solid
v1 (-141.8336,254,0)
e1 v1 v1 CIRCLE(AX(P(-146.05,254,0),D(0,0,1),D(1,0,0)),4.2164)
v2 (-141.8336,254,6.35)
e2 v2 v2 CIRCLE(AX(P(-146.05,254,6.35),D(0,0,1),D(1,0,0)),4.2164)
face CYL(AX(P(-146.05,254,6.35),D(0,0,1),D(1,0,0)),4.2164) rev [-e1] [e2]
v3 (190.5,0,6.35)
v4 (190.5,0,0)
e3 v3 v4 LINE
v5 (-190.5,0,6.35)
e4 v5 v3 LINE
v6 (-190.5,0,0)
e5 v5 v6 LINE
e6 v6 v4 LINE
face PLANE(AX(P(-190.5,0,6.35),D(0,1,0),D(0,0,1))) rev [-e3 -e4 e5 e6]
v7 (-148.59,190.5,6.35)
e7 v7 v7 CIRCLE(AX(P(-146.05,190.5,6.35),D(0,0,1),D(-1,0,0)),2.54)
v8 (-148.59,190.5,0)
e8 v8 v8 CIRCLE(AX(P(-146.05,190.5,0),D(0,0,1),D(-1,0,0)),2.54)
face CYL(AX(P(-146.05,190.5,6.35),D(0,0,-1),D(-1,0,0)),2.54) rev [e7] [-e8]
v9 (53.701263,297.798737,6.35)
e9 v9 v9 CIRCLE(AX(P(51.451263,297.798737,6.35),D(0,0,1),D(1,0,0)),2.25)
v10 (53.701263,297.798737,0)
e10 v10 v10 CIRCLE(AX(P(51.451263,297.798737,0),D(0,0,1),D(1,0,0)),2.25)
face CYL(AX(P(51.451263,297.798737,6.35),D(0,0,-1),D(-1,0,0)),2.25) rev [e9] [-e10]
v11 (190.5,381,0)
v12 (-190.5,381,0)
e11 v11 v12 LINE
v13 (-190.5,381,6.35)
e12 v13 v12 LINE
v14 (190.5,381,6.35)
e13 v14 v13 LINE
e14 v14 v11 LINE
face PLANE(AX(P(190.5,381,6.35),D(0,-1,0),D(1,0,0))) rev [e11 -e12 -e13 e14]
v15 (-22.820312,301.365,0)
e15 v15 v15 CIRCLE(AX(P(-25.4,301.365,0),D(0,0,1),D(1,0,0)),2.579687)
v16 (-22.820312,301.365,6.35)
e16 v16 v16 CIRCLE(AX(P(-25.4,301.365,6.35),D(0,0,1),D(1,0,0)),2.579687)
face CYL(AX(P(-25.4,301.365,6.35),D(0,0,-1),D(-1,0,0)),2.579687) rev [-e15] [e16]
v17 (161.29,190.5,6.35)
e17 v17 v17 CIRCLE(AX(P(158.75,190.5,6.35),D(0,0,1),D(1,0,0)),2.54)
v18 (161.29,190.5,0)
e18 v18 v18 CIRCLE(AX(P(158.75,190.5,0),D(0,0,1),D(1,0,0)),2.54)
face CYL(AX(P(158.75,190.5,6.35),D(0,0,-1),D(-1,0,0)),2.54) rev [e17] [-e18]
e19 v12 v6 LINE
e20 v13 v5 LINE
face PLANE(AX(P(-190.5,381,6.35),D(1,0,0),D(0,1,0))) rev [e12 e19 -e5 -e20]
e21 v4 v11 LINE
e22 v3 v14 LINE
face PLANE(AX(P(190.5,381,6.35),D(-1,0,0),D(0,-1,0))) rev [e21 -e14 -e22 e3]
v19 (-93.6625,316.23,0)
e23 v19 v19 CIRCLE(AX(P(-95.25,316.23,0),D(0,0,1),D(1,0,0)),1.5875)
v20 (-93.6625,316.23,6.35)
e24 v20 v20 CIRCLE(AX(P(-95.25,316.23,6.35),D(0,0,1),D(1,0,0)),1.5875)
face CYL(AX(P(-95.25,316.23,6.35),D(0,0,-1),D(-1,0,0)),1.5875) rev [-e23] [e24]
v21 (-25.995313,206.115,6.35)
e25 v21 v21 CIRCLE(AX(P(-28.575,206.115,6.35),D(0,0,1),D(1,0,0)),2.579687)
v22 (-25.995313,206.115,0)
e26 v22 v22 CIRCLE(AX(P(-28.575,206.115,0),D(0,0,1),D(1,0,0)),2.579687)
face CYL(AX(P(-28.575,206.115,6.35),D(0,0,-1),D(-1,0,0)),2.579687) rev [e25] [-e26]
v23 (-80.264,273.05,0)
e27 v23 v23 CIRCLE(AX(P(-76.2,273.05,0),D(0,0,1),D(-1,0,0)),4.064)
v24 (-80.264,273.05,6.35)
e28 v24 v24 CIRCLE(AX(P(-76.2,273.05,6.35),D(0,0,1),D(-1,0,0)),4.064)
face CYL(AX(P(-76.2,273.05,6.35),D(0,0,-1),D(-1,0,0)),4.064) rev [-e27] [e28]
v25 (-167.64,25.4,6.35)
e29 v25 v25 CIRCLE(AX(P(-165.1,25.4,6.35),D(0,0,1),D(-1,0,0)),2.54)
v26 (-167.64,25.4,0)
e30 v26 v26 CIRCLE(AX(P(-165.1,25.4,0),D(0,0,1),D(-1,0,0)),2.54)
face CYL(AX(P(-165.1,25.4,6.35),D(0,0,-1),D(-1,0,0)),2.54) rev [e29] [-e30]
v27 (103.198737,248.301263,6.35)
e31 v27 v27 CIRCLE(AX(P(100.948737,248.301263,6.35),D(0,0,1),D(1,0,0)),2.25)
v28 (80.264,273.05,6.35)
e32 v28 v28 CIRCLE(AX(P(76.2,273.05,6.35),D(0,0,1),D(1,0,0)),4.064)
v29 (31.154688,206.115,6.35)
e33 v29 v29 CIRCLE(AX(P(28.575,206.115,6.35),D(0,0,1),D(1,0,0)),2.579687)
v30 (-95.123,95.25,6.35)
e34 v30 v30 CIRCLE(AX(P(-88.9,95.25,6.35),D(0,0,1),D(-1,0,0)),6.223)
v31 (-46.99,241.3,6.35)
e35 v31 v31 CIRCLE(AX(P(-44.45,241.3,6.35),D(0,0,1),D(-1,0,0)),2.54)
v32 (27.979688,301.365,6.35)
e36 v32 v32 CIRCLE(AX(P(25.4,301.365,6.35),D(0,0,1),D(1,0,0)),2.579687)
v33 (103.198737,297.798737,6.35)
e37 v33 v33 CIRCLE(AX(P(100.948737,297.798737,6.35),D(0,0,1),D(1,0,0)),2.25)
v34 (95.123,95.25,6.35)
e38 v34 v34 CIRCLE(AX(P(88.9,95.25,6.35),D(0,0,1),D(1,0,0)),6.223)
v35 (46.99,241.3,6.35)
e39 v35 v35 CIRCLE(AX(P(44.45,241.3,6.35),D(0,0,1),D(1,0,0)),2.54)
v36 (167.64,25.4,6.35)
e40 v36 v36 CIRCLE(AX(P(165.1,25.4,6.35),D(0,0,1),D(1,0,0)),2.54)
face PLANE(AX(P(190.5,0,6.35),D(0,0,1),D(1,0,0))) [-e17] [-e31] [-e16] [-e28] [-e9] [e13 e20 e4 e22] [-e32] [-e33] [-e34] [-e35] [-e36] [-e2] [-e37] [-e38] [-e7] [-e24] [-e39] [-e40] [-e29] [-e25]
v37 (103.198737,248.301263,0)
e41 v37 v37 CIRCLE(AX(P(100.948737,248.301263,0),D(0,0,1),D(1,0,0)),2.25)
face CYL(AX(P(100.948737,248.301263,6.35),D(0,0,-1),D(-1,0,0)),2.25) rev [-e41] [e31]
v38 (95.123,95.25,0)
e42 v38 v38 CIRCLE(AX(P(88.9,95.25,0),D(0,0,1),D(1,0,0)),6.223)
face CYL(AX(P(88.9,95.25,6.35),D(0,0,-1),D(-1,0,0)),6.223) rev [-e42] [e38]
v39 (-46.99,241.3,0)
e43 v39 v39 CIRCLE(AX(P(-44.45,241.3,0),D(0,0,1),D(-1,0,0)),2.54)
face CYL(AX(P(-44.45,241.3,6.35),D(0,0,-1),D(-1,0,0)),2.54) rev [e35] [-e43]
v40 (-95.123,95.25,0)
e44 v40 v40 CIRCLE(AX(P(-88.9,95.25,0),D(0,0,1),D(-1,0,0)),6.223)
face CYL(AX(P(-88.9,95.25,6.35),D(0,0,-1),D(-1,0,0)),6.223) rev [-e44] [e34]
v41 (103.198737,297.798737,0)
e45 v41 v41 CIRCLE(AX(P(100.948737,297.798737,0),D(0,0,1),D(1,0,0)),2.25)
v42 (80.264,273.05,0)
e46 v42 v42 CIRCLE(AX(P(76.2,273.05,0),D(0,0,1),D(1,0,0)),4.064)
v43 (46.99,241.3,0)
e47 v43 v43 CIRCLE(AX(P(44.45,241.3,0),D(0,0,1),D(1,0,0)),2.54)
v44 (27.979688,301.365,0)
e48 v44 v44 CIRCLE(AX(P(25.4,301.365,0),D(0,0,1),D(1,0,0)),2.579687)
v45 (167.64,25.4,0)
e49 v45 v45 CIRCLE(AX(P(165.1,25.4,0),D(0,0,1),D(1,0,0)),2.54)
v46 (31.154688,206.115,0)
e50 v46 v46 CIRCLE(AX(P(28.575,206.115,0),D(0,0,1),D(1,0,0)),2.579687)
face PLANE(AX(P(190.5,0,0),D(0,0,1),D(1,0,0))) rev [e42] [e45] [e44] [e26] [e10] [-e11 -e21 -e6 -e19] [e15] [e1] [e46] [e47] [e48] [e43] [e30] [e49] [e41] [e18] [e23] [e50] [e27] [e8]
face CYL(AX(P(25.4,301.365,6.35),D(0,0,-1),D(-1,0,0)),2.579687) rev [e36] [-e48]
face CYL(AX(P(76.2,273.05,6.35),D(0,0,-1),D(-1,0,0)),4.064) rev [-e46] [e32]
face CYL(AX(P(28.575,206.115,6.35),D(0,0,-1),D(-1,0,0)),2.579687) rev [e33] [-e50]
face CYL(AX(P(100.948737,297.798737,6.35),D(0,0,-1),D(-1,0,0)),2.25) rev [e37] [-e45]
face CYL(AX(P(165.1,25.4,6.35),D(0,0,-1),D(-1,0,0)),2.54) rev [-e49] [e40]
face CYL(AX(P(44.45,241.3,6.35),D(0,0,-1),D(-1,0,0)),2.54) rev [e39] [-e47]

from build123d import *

# Parameters (mm, degrees)
SKETCH1_W               = 381
SKETCH1_H               = 381
SKETCH1_R               = 4.064
SKETCH1_R_2             = 2.54
SKETCH1_R_3             = 6.223
SKETCH1_R_4             = 2.25
SKETCH1_R_5             = 2.5796875
SKETCH1_R_6             = 1.5875
BOSS_EXTRUDE1_DEPTH     = 6.35
F_3_8_24_TAPPED_HOLE2_D = 8.4328


with BuildPart() as part:
    # Sketch1 → Boss-Extrude1 (new body)
    with BuildSketch(Plane.XY):
        with Locations((0, 190.5)):
            Rectangle(SKETCH1_W, SKETCH1_H)
        with Locations((76.2, 273.05)):
            Circle(SKETCH1_R, mode=Mode.SUBTRACT)
        with Locations((44.45, 241.3)):
            Circle(SKETCH1_R_2, mode=Mode.SUBTRACT)
        with Locations((88.9, 95.25)):
            Circle(SKETCH1_R_3, mode=Mode.SUBTRACT)
        with Locations(Location((-165.1, 25.4, 0), (0, 0, 180))):
            Circle(SKETCH1_R_2, mode=Mode.SUBTRACT)
        with Locations((100.948737342, 297.798737342)):
            Circle(SKETCH1_R_4, mode=Mode.SUBTRACT)
        with Locations((158.75, 190.5)):
            Circle(SKETCH1_R_2, mode=Mode.SUBTRACT)
        with Locations((51.451262658, 297.798737342)):
            Circle(SKETCH1_R_4, mode=Mode.SUBTRACT)
        with Locations((165.1, 25.4)):
            Circle(SKETCH1_R_2, mode=Mode.SUBTRACT)
        with Locations(Location((-88.9, 95.25, 0), (0, 0, 180))):
            Circle(SKETCH1_R_3, mode=Mode.SUBTRACT)
        with Locations((28.575, 206.115)):
            Circle(SKETCH1_R_5, mode=Mode.SUBTRACT)
        with Locations(Location((-146.05, 190.5, 0), (0, 0, 180))):
            Circle(SKETCH1_R_2, mode=Mode.SUBTRACT)
        with Locations((-25.4, 301.365)):
            Circle(SKETCH1_R_5, mode=Mode.SUBTRACT)
        with Locations((25.4, 301.365)):
            Circle(SKETCH1_R_5, mode=Mode.SUBTRACT)
        with Locations(Location((-44.45, 241.3, 0), (0, 0, 180))):
            Circle(SKETCH1_R_2, mode=Mode.SUBTRACT)
        with Locations(Location((-76.2, 273.05, 0), (0, 0, 180))):
            Circle(SKETCH1_R, mode=Mode.SUBTRACT)
        with Locations((-28.575, 206.115)):
            Circle(SKETCH1_R_5, mode=Mode.SUBTRACT)
        with Locations((-95.25, 316.23)):
            Circle(SKETCH1_R_6, mode=Mode.SUBTRACT)
        with Locations((100.948737342, 248.301262658)):
            Circle(SKETCH1_R_4, mode=Mode.SUBTRACT)
    extrude(amount=BOSS_EXTRUDE1_DEPTH)

    # 3/8-24 Tapped Hole2 (through all)
    with Locations(Plane.XY.offset(6.35)):
        with Locations((-146.05, 254)):
            Hole(F_3_8_24_TAPPED_HOLE2_D / 2)


solid = part.part
